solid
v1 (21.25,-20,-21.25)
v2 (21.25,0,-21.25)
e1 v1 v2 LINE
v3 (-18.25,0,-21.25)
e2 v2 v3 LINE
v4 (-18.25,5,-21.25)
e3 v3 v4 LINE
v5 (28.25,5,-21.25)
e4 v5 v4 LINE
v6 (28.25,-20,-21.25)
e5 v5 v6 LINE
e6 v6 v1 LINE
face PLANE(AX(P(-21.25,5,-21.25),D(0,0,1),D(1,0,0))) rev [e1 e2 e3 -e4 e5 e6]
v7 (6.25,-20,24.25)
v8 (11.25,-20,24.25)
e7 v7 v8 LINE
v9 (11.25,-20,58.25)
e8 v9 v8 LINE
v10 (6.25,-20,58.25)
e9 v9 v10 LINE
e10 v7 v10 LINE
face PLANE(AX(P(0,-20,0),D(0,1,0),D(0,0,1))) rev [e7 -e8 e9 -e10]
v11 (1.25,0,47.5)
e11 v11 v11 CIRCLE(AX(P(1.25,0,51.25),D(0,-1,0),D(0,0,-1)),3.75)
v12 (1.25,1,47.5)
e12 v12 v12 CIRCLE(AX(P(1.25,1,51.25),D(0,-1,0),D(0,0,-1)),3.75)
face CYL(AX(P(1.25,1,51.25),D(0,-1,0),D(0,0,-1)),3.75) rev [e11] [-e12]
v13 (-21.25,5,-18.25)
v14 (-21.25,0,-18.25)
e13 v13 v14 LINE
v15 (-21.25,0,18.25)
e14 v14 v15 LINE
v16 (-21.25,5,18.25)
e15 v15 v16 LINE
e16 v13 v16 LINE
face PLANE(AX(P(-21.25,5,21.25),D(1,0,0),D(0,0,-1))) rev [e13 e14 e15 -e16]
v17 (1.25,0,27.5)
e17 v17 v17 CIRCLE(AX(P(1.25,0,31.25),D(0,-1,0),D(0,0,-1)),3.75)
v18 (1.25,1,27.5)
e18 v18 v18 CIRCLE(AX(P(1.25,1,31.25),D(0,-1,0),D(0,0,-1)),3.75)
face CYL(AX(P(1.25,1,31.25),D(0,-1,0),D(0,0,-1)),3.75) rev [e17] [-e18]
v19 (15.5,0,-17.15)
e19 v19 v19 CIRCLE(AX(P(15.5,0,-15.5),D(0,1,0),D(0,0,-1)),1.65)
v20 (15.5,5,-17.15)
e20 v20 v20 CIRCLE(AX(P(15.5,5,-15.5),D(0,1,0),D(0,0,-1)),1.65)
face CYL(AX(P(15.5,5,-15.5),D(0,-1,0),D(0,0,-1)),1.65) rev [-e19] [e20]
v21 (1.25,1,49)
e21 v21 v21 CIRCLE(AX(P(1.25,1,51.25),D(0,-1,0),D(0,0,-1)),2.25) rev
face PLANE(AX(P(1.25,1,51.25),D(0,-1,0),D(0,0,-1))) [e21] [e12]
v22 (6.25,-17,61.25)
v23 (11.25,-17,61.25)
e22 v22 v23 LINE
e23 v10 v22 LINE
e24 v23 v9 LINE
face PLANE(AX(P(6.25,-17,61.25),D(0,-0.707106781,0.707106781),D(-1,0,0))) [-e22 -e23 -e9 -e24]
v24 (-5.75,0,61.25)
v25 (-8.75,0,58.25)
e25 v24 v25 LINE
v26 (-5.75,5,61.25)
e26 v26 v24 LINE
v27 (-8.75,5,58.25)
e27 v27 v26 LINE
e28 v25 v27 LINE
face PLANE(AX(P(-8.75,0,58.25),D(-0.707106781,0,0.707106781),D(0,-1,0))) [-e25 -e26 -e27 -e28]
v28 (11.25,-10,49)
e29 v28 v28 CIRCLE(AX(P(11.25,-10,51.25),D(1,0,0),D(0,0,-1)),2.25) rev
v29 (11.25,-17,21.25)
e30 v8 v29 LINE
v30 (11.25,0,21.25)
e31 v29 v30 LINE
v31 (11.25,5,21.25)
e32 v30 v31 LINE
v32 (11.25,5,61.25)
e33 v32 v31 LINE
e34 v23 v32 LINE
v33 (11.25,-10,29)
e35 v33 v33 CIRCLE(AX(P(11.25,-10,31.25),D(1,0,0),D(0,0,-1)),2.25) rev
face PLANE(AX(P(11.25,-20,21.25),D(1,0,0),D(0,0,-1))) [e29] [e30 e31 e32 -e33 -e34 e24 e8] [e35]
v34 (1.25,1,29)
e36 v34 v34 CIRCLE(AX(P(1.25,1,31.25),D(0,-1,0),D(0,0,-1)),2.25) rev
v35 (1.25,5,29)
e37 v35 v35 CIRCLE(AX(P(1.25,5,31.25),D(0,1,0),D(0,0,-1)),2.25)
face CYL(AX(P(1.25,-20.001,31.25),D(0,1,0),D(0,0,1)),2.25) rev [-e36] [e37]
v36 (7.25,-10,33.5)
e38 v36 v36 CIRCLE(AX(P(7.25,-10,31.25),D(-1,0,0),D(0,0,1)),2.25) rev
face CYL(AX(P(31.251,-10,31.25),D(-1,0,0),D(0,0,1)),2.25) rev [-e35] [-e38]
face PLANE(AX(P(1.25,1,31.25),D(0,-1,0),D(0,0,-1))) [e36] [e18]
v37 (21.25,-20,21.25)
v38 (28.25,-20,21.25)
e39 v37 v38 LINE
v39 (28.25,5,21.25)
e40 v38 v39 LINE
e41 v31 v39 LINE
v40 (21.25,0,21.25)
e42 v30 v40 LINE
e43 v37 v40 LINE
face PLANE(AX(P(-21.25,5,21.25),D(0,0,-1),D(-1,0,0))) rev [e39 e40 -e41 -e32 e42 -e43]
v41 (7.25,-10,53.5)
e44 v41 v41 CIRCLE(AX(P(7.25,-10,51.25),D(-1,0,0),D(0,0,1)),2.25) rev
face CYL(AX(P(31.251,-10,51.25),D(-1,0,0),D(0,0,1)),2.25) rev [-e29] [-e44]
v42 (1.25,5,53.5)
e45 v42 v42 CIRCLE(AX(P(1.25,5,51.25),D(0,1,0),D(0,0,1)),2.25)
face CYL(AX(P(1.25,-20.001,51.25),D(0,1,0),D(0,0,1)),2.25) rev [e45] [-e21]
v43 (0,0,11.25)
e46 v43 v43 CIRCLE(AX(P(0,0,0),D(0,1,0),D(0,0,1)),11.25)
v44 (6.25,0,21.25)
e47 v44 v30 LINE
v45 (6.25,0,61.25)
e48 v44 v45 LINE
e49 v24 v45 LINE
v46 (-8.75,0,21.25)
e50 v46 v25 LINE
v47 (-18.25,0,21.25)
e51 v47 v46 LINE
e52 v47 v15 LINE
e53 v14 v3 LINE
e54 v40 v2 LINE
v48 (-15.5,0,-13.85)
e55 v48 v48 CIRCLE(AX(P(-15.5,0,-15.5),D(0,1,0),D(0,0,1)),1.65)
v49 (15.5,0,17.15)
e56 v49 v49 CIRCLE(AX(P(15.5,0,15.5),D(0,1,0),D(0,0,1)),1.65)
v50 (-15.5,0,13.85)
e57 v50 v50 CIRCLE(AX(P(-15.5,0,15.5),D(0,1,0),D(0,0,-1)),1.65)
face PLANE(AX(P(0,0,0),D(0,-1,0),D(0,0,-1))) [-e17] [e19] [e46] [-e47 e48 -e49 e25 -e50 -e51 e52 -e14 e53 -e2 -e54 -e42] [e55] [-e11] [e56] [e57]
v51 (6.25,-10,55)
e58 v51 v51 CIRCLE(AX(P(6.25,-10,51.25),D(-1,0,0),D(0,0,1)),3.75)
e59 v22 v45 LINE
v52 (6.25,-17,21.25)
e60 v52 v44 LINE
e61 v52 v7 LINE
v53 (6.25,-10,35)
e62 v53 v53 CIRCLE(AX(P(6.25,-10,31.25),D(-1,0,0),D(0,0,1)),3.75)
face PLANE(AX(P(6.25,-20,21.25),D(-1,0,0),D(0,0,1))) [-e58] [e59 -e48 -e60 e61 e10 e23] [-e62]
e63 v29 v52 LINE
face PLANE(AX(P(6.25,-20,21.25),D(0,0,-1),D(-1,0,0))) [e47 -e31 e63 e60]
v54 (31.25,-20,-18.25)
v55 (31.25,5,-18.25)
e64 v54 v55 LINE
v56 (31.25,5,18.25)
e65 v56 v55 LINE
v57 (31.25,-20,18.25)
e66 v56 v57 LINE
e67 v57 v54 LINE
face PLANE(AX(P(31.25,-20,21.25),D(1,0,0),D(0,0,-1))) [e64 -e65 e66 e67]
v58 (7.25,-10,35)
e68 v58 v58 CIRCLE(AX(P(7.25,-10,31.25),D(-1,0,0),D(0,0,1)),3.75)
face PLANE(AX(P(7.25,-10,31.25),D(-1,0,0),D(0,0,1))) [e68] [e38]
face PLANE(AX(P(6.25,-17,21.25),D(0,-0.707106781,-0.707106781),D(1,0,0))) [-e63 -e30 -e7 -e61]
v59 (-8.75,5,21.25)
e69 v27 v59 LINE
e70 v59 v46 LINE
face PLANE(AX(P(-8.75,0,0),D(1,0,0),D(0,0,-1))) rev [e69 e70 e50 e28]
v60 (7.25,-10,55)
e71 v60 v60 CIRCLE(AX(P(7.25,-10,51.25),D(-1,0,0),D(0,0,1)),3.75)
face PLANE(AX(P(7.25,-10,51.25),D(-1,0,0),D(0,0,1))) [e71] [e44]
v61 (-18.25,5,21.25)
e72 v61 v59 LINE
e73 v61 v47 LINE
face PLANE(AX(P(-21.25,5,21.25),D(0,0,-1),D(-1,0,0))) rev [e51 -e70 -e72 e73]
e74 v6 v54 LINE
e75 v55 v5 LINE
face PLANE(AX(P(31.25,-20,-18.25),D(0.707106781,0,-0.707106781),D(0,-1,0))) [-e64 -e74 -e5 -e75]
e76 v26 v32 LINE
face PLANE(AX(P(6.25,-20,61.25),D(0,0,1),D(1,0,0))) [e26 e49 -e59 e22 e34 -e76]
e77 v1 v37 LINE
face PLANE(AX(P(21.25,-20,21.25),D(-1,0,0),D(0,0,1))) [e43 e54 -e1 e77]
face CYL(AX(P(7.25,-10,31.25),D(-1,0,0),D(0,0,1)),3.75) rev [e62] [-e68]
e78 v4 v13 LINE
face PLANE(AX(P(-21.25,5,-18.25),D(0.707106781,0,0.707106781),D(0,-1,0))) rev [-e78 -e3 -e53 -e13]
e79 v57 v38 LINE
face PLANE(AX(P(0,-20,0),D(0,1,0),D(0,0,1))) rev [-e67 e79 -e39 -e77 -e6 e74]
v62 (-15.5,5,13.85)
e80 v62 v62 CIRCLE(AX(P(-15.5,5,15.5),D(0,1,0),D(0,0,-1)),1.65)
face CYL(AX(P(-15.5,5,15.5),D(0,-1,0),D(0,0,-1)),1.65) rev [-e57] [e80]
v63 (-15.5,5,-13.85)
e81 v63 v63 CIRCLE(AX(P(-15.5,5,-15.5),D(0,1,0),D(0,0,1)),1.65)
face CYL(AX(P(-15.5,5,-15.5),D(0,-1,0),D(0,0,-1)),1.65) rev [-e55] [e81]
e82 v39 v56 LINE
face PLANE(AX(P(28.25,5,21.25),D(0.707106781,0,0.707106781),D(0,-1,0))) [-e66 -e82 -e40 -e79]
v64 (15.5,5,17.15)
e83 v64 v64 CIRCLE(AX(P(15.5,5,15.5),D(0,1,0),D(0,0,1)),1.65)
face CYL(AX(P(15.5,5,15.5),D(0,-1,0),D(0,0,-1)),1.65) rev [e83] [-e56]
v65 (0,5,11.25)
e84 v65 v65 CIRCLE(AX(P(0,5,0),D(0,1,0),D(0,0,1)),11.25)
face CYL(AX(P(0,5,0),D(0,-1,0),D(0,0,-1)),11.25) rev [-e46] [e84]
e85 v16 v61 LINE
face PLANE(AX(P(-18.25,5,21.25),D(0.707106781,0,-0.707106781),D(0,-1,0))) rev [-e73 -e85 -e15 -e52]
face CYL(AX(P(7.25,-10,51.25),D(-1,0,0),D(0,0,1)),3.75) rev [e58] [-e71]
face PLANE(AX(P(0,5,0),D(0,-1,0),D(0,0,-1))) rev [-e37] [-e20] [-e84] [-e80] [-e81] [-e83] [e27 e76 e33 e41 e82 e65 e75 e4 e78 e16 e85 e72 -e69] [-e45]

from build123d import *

# Parameters (mm, degrees)
SKETCH1_W           = 42.5
SKETCH1_H           = 42.5
SKETCH1_R           = 11.25
SKETCH1_R_2         = 1.65
BOSS_EXTRUDE1_DEPTH = 5
SKETCH3_W           = 10
SKETCH3_H           = 42.5
SKETCH3_W_2         = 5
SKETCH3_H_2         = 40
BOSS_EXTRUDE2_DEPTH = 25
CHAMFER1_SIZE       = 3
SKETCH5_W           = 40
SKETCH5_H           = 5
BOSS_EXTRUDE3_DEPTH = 15
CUT_EXTRUDE5_REACH  = 27
SKETCH9_R           = 2.25
CUT_EXTRUDE6_REACH  = 27
SKETCH10_R          = 2.25
SKETCH11_R          = 3.75
CUT_EXTRUDE7_DEPTH  = 1
SKETCH12_R          = 3.75
CUT_EXTRUDE8_DEPTH  = 1
CHAMFER2_SIZE       = 3


with BuildPart() as part:
    # Sketch1 → Boss-Extrude1 (new body)
    with BuildSketch(Plane(origin=(0, 0, 0), x_dir=(1, 0, 0), z_dir=(0, 1, 0))):
        Rectangle(SKETCH1_W, SKETCH1_H)
        Circle(SKETCH1_R, mode=Mode.SUBTRACT)
        with Locations((-15.5, 15.5)):
            Circle(SKETCH1_R_2, mode=Mode.SUBTRACT)
        with Locations((15.5, 15.5)):
            Circle(SKETCH1_R_2, mode=Mode.SUBTRACT)
        with Locations((15.5, -15.5)):
            Circle(SKETCH1_R_2, mode=Mode.SUBTRACT)
        with Locations((-15.5, -15.5)):
            Circle(SKETCH1_R_2, mode=Mode.SUBTRACT)
    extrude(amount=BOSS_EXTRUDE1_DEPTH)

    # Sketch3 → Boss-Extrude2 (add)
    with BuildSketch(Plane(origin=(0, 5, 0), x_dir=(1, 0, 0), z_dir=(0, 1, 0))):
        with Locations((26.25, 0)):
            Rectangle(SKETCH3_W, SKETCH3_H)
        with Locations((8.75, -41.25)):
            Rectangle(SKETCH3_W_2, SKETCH3_H_2)
    extrude(amount=-BOSS_EXTRUDE2_DEPTH)

    # Chamfer1
    chamfer1_edges = [part.edges().sort_by_distance(p)[0] for p in [
        (31.25, -7.5, -21.25),
        (31.25, -7.5, 21.25),
        (-21.25, 2.5, 21.25),
        (-21.25, 2.5, -21.25),
    ]]
    chamfer(chamfer1_edges, length=CHAMFER1_SIZE)

    # Sketch5 → Boss-Extrude3 (add)
    with BuildSketch(Plane.ZY.offset(-6.25)):
        with Locations((41.25, 2.5)):
            Rectangle(SKETCH5_W, SKETCH5_H)
    extrude(amount=BOSS_EXTRUDE3_DEPTH)

    # Sketch9 → Cut-Extrude5 (cut, up to next)
    with BuildSketch(Plane(origin=(0, 5, 0), x_dir=(1, 0, 0), z_dir=(0, 1, 0)), mode=Mode.PRIVATE) as cut_extrude5_sk1:
        with Locations((1.25, -51.25)):
            Circle(SKETCH9_R)
    cut_extrude5_tool1 = extrude(cut_extrude5_sk1.sketch, amount=-CUT_EXTRUDE5_REACH, mode=Mode.PRIVATE) & part.part
    add(cut_extrude5_tool1.solids().sort_by_distance((1.25, 5, 51.25))[0], mode=Mode.SUBTRACT)
    # Sketch9 → Cut-Extrude5 (cut, up to next)
    with BuildSketch(Plane(origin=(0, 5, 0), x_dir=(1, 0, 0), z_dir=(0, 1, 0)), mode=Mode.PRIVATE) as cut_extrude5_sk2:
        with Locations((1.25, -31.25)):
            Circle(SKETCH9_R)
    cut_extrude5_tool2 = extrude(cut_extrude5_sk2.sketch, amount=-CUT_EXTRUDE5_REACH, mode=Mode.PRIVATE) & part.part
    add(cut_extrude5_tool2.solids().sort_by_distance((1.25, 5, 31.25))[0], mode=Mode.SUBTRACT)

    # Sketch10 → Cut-Extrude6 (cut, up to next)
    with BuildSketch(Plane.ZY.offset(-6.25), mode=Mode.PRIVATE) as cut_extrude6_sk1:
        with Locations((51.25, -10)):
            Circle(SKETCH10_R)
    cut_extrude6_tool1 = extrude(cut_extrude6_sk1.sketch, amount=-CUT_EXTRUDE6_REACH, mode=Mode.PRIVATE) & part.part
    add(cut_extrude6_tool1.solids().sort_by_distance((6.25, -10, 51.25))[0], mode=Mode.SUBTRACT)
    # Sketch10 → Cut-Extrude6 (cut, up to next)
    with BuildSketch(Plane.ZY.offset(-6.25), mode=Mode.PRIVATE) as cut_extrude6_sk2:
        with Locations((31.25, -10)):
            Circle(SKETCH10_R)
    cut_extrude6_tool2 = extrude(cut_extrude6_sk2.sketch, amount=-CUT_EXTRUDE6_REACH, mode=Mode.PRIVATE) & part.part
    add(cut_extrude6_tool2.solids().sort_by_distance((6.25, -10, 31.25))[0], mode=Mode.SUBTRACT)

    # Sketch11 → Cut-Extrude7 (cut)
    with BuildSketch(Plane.XZ):
        with Locations((1.25, 51.25)):
            Circle(SKETCH11_R)
        with Locations((1.25, 31.25)):
            Circle(SKETCH11_R)
    extrude(amount=-CUT_EXTRUDE7_DEPTH, mode=Mode.SUBTRACT)

    # Sketch12 → Cut-Extrude8 (cut)
    with BuildSketch(Plane.ZY.offset(-6.25)):
        with Locations((31.25, -10)):
            Circle(SKETCH12_R)
        with Locations((51.25, -10)):
            Circle(SKETCH12_R)
    extrude(amount=-CUT_EXTRUDE8_DEPTH, mode=Mode.SUBTRACT)

    # Chamfer2
    chamfer2_edges = [part.edges().sort_by_distance(p)[0] for p in [
        (8.75, -20, 21.25),
        (8.75, -20, 61.25),
        (-8.75, 2.5, 61.25),
    ]]
    chamfer(chamfer2_edges, length=CHAMFER2_SIZE)


solid = part.part
